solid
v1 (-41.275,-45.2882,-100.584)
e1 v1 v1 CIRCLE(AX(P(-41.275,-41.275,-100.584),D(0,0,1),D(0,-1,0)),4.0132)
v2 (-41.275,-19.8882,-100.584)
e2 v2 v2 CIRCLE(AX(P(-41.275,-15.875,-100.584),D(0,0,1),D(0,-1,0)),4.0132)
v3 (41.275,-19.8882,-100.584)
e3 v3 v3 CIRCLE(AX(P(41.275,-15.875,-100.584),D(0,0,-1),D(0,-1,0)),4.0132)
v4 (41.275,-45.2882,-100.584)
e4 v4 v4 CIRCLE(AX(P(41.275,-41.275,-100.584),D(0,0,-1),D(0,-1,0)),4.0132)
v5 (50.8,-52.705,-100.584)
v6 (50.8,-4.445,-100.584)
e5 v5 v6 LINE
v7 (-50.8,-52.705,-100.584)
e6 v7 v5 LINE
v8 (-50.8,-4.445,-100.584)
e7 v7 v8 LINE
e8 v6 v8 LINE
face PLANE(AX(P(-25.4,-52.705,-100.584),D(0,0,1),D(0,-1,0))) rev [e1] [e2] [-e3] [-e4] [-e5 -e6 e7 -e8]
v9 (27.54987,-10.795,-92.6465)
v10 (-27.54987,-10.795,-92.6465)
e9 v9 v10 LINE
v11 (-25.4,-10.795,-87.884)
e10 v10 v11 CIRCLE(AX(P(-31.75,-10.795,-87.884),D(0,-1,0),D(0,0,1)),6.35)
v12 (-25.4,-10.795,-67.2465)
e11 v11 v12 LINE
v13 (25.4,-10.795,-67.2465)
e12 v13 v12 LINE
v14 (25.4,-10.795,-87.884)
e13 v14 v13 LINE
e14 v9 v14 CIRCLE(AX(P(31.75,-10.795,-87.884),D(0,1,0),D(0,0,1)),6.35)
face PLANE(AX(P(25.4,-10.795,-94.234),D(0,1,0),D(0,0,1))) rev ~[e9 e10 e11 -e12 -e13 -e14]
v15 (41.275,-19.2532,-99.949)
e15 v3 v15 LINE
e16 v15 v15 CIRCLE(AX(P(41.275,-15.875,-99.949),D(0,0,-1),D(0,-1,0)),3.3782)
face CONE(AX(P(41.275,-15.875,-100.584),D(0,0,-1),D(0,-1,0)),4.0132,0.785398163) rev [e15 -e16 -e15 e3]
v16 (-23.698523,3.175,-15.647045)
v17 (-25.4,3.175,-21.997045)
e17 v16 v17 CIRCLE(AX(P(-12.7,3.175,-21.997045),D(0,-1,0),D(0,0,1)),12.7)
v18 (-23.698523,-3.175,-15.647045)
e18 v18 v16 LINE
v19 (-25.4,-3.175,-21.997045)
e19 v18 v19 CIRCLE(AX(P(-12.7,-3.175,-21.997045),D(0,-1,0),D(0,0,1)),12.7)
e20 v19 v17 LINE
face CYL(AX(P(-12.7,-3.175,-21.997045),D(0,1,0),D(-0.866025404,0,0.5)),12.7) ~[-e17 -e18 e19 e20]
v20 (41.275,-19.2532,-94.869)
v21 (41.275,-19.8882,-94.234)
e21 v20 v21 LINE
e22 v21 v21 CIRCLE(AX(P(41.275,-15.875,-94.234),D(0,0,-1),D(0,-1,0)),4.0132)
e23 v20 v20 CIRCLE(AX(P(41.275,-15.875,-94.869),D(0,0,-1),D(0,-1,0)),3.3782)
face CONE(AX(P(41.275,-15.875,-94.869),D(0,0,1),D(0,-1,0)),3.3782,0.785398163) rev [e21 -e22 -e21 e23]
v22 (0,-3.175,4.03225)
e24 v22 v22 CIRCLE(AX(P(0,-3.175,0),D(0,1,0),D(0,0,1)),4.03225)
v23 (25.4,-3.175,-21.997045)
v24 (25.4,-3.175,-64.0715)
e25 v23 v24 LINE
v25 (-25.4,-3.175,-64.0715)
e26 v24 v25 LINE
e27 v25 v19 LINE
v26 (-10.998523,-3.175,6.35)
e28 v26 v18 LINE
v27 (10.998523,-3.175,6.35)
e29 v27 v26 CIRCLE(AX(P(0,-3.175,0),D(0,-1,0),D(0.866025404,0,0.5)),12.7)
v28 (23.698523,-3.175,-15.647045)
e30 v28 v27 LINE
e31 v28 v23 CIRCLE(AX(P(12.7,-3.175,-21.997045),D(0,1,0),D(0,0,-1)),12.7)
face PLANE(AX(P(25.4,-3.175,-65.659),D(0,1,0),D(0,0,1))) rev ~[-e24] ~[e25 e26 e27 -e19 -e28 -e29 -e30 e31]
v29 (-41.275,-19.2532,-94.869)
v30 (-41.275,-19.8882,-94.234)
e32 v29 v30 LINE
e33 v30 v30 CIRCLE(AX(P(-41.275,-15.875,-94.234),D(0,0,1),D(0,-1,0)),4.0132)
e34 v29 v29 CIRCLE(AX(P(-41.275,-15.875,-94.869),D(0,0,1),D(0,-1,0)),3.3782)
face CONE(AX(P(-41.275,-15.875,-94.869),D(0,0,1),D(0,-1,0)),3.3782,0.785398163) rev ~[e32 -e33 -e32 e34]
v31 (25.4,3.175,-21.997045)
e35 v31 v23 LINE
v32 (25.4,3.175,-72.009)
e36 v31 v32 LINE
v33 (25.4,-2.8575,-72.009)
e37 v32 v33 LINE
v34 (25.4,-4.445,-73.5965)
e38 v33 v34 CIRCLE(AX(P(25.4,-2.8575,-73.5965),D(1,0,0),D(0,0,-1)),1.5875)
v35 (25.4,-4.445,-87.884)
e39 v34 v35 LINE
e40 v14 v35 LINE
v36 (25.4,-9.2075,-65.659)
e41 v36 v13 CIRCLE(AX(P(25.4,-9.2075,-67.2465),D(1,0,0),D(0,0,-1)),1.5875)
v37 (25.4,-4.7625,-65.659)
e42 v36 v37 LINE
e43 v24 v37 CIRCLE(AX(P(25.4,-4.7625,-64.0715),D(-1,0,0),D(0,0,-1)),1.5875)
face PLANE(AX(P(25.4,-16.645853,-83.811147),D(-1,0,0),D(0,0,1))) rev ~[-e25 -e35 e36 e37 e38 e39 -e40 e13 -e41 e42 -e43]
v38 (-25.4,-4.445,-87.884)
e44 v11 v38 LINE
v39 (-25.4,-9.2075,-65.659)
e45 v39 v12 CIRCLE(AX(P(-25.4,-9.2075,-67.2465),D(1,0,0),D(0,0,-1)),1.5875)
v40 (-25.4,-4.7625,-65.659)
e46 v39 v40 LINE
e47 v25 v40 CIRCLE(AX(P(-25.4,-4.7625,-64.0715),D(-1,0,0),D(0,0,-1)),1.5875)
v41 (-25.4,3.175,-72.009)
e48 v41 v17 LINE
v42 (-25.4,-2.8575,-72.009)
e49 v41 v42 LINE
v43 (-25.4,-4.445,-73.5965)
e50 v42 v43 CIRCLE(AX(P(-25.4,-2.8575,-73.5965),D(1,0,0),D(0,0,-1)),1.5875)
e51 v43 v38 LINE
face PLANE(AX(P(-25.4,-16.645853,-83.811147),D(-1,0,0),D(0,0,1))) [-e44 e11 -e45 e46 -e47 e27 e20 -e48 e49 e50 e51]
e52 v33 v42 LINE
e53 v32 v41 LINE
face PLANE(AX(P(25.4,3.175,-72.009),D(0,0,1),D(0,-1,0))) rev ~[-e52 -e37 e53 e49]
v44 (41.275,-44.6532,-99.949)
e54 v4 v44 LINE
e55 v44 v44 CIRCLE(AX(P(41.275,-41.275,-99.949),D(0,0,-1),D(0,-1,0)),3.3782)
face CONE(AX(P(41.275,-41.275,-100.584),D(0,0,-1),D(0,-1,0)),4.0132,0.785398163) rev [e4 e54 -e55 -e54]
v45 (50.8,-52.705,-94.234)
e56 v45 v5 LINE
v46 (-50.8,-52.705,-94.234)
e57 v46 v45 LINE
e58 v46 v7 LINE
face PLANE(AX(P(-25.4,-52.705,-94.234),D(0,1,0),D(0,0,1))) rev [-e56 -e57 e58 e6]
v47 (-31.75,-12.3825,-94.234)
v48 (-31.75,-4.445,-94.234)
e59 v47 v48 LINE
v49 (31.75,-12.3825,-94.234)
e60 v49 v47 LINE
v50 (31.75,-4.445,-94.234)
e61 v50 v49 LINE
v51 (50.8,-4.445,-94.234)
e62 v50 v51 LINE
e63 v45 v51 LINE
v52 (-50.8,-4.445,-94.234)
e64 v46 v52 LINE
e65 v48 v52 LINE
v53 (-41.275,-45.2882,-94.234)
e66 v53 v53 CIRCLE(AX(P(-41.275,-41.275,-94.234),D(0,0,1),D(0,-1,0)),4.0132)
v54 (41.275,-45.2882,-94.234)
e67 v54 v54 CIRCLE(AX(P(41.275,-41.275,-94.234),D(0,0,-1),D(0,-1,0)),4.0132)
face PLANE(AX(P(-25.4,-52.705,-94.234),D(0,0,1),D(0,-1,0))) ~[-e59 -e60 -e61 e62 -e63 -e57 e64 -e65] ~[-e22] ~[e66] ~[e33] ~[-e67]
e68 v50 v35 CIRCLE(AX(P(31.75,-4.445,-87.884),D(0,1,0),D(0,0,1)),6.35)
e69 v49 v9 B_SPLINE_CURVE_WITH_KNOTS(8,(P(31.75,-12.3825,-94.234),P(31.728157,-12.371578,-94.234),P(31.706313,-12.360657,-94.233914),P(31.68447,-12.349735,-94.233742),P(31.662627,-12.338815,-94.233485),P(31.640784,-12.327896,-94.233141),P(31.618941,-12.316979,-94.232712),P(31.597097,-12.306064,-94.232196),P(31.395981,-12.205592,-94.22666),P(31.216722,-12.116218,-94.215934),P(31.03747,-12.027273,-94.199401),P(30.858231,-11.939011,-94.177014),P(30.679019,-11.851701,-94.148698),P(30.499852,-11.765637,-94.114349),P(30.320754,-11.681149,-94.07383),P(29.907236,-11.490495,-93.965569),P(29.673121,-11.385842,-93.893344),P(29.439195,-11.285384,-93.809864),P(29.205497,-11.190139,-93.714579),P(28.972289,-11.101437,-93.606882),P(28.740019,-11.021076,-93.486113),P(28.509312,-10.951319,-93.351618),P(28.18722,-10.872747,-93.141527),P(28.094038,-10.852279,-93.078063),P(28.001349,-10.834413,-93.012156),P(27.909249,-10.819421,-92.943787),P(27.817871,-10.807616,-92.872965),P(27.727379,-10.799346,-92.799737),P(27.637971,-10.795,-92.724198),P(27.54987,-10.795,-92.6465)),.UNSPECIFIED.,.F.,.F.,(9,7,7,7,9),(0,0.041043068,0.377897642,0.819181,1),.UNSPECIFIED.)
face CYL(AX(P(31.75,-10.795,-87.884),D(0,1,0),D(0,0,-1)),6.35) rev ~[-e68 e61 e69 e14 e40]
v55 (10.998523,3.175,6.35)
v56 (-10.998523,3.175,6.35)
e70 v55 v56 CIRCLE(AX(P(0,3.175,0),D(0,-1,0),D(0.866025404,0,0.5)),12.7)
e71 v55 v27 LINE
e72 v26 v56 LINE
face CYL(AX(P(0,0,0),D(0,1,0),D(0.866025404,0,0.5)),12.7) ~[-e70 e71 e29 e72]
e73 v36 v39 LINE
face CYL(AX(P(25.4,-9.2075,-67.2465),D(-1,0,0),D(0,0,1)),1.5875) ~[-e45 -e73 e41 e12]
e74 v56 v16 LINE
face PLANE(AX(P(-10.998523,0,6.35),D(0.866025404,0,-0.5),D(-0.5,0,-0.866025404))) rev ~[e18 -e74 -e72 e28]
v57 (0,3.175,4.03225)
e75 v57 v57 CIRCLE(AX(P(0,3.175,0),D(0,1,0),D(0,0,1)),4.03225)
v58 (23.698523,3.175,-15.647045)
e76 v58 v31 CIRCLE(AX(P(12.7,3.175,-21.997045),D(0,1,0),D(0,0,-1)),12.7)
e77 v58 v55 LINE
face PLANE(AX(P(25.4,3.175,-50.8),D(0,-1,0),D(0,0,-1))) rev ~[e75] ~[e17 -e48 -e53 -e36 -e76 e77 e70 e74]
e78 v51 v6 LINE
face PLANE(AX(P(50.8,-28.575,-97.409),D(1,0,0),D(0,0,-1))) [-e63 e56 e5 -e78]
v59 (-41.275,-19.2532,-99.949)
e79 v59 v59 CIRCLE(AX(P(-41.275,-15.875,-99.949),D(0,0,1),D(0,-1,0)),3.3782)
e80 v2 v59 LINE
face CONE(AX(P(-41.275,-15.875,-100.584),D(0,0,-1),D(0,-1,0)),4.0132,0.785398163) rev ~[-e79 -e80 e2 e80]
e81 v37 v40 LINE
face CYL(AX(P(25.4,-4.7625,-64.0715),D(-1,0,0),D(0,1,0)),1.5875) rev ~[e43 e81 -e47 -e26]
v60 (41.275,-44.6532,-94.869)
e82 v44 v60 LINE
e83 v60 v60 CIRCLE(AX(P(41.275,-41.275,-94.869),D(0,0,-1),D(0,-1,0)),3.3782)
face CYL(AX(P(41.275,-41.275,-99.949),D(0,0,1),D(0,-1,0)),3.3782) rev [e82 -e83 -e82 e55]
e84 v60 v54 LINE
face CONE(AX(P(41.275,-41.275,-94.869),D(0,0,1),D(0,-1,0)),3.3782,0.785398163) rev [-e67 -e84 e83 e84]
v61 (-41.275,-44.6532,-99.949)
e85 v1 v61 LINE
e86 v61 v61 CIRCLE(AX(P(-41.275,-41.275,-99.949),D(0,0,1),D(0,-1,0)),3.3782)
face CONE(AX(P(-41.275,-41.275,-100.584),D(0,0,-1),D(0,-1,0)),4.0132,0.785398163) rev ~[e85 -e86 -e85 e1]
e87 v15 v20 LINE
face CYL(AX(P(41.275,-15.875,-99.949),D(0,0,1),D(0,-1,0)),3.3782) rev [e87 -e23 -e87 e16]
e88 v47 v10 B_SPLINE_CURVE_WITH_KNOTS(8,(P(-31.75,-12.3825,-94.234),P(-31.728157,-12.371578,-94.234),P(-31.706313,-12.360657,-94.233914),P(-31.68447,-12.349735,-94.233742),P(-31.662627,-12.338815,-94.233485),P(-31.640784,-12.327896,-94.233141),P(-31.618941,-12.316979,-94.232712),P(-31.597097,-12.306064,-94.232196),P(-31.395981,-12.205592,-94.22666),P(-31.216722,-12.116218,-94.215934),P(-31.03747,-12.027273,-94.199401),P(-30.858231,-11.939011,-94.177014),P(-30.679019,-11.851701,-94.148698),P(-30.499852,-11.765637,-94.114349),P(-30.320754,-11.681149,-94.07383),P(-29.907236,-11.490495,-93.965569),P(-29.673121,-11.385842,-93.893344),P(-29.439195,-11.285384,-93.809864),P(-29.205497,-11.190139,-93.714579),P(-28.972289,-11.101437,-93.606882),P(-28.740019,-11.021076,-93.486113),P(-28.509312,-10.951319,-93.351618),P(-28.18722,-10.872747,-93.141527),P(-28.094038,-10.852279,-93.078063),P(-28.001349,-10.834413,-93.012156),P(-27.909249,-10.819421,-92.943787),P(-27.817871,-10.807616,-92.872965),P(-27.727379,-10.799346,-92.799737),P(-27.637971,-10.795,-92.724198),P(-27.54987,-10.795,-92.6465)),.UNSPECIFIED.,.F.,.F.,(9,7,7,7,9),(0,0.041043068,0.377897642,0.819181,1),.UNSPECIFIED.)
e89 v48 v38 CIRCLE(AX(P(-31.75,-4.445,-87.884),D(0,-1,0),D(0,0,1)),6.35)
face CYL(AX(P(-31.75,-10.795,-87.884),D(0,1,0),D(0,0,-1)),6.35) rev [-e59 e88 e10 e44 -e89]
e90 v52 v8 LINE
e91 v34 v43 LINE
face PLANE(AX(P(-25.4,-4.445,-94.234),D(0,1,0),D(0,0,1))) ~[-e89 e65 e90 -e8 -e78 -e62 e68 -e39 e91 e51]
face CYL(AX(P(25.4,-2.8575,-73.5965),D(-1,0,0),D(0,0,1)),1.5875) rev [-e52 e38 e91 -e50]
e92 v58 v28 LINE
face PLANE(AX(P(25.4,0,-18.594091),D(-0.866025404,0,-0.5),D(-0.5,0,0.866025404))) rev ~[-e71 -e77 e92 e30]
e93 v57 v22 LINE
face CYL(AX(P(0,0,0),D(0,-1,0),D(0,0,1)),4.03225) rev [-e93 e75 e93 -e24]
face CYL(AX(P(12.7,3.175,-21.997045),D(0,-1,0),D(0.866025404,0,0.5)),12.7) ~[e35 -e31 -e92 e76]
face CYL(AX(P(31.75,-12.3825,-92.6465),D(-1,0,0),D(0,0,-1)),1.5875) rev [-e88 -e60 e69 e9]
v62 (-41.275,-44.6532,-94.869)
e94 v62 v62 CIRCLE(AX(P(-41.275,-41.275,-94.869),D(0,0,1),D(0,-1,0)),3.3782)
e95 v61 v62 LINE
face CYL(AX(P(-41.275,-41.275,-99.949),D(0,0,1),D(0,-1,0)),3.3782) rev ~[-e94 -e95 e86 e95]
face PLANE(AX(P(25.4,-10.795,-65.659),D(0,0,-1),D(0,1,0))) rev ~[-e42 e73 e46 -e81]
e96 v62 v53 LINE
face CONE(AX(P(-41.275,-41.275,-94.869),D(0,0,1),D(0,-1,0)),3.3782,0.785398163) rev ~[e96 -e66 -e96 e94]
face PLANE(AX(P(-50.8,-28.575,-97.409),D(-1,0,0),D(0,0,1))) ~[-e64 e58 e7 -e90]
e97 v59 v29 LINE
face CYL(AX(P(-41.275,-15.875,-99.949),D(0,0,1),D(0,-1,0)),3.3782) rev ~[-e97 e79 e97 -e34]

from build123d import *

# Parameters (mm, degrees)
SKETCH1_R                        = 4.03225
BOSS_EXTRUDE1_DEPTH              = 3.175
FILLET1_R                        = 12.7
EXTRUDE_THIN1_DEPTH              = 50.8
SKETCH3_W                        = 6.35
SKETCH3_H                        = 48.26
BOSS_EXTRUDE2_DEPTH              = 25.4
F_1_4_CLEARANCE_HOLE1_AT_2_COUNT = 2
F_1_4_CLEARANCE_HOLE1_AT_2_PITCH = 25.4
FILLET2_R                        = 6.35
FILLET3_R                        = 1.5875


with BuildPart() as part:
    # Sketch1 → Boss-Extrude1 (new, symmetric)
    with BuildSketch(Plane(origin=(0, 0, 0), x_dir=(1, 0, 0), z_dir=(0, 1, 0))):
        with BuildLine():
            Line((-25.4, 50.8), (25.4, 50.8))
            Line((25.4, 50.8), (25.4, 18.594090512))
            Line((25.4, 18.594090512), (10.998522628, -6.35))
            ThreePointArc((10.998522628, -6.35), (0, -12.7), (-10.998522628, -6.35))
            Line((-10.998522628, -6.35), (-25.4, 18.594090512))
            Line((-25.4, 18.594090512), (-25.4, 50.8))
        make_face()
        with Locations(Location((0, 0, 0), (0, 0, 270))):
            Circle(SKETCH1_R, mode=Mode.SUBTRACT)
    extrude(amount=BOSS_EXTRUDE1_DEPTH, both=True)

    # Fillet1
    fillet1_edges = [part.edges().sort_by_distance(p)[0] for p in [
        (25.4, 0, -18.594090512),
        (-25.4, 0, -18.594090512),
    ]]
    fillet(fillet1_edges, radius=FILLET1_R)

    # Sketch2 → Extrude-Thin1 (add)
    with BuildSketch(Plane(origin=(25.4, 0, 0), x_dir=(0, 0, -1), z_dir=(1, 0, 0))):
        Polygon((50.8, 3.175), (72.009, 3.175), (72.009, -4.445), (100.584, -4.445), (100.584, -52.705), (94.234, -52.705), (94.234, -10.795), (65.659, -10.795), (65.659, -3.175), (50.8, -3.175), align=None)
    extrude(amount=-EXTRUDE_THIN1_DEPTH)

    # Sketch3 → Boss-Extrude2 (add)
    with BuildSketch(Plane(origin=(25.4, 0, 0), x_dir=(0, 0, -1), z_dir=(1, 0, 0))):
        with Locations((97.409, -28.575)):
            Rectangle(SKETCH3_W, SKETCH3_H)
    boss_extrude2 = extrude(amount=BOSS_EXTRUDE2_DEPTH)

    # Sketch5 → 1/4 Clearance Hole1 (revolve, cut)
    with BuildSketch(Plane(origin=(41.275, -15.875, -94.234), x_dir=(0, -1, 0), z_dir=(1, 0, 0))):
        Polygon((0, 0), (0, 6.35), (4.0132, 6.35), (3.3782, 5.715), (3.3782, 0.635), (4.0132, 0), align=None)
    f_1_4_clearance_hole1 = revolve(axis=Axis((41.275, -15.875, -87.884), (0, 0, -1)), mode=Mode.SUBTRACT)

    # 1/4 Clearance Hole1 at 2: 1/4 Clearance Hole1 ×2
    with Locations(*[(0, -i * F_1_4_CLEARANCE_HOLE1_AT_2_PITCH, 0) for i in range(1, F_1_4_CLEARANCE_HOLE1_AT_2_COUNT)]):
        add(f_1_4_clearance_hole1, mode=Mode.SUBTRACT)

    # Mirror1: Boss-Extrude2, 1/4 Clearance Hole1 across plane
    add(boss_extrude2.mirror(Plane(origin=(0, 0, 0), x_dir=(0, 0, 1), z_dir=(1, 0, 0))))
    add(f_1_4_clearance_hole1.mirror(Plane(origin=(0, 0, 0), x_dir=(0, 0, 1), z_dir=(1, 0, 0))), mode=Mode.SUBTRACT)

    # Mirror1 copy 1 sketch → Mirror1 copy 1 (revolve, cut)
    with BuildSketch(Plane(origin=(-41.275, -41.275, -94.234), x_dir=(0, -1, 0), z_dir=(-1, 0, 0))):
        Polygon((0, 0), (0, -6.35), (4.0132, -6.35), (3.3782, -5.715), (3.3782, -0.635), (4.0132, 0), align=None)
    revolve(axis=Axis((-41.275, -41.275, -87.884), (0, 0, 1)), mode=Mode.SUBTRACT)

    # Fillet2
    fillet2_edges = [part.edges().sort_by_distance(p)[0] for p in [
        (25.4, -7.62, -94.234),
        (-25.4, -7.62, -94.234),
    ]]
    fillet(fillet2_edges, radius=FILLET2_R)

    # Fillet3
    fillet3_edges = [part.edges().sort_by_distance(p)[0] for p in [
        (0, -4.445, -72.009),
        (0, -3.175, -65.659),
        (0, -10.795, -65.659),
        (0, -10.795, -94.234),
    ]]
    fillet(fillet3_edges, radius=FILLET3_R)


solid = part.part
